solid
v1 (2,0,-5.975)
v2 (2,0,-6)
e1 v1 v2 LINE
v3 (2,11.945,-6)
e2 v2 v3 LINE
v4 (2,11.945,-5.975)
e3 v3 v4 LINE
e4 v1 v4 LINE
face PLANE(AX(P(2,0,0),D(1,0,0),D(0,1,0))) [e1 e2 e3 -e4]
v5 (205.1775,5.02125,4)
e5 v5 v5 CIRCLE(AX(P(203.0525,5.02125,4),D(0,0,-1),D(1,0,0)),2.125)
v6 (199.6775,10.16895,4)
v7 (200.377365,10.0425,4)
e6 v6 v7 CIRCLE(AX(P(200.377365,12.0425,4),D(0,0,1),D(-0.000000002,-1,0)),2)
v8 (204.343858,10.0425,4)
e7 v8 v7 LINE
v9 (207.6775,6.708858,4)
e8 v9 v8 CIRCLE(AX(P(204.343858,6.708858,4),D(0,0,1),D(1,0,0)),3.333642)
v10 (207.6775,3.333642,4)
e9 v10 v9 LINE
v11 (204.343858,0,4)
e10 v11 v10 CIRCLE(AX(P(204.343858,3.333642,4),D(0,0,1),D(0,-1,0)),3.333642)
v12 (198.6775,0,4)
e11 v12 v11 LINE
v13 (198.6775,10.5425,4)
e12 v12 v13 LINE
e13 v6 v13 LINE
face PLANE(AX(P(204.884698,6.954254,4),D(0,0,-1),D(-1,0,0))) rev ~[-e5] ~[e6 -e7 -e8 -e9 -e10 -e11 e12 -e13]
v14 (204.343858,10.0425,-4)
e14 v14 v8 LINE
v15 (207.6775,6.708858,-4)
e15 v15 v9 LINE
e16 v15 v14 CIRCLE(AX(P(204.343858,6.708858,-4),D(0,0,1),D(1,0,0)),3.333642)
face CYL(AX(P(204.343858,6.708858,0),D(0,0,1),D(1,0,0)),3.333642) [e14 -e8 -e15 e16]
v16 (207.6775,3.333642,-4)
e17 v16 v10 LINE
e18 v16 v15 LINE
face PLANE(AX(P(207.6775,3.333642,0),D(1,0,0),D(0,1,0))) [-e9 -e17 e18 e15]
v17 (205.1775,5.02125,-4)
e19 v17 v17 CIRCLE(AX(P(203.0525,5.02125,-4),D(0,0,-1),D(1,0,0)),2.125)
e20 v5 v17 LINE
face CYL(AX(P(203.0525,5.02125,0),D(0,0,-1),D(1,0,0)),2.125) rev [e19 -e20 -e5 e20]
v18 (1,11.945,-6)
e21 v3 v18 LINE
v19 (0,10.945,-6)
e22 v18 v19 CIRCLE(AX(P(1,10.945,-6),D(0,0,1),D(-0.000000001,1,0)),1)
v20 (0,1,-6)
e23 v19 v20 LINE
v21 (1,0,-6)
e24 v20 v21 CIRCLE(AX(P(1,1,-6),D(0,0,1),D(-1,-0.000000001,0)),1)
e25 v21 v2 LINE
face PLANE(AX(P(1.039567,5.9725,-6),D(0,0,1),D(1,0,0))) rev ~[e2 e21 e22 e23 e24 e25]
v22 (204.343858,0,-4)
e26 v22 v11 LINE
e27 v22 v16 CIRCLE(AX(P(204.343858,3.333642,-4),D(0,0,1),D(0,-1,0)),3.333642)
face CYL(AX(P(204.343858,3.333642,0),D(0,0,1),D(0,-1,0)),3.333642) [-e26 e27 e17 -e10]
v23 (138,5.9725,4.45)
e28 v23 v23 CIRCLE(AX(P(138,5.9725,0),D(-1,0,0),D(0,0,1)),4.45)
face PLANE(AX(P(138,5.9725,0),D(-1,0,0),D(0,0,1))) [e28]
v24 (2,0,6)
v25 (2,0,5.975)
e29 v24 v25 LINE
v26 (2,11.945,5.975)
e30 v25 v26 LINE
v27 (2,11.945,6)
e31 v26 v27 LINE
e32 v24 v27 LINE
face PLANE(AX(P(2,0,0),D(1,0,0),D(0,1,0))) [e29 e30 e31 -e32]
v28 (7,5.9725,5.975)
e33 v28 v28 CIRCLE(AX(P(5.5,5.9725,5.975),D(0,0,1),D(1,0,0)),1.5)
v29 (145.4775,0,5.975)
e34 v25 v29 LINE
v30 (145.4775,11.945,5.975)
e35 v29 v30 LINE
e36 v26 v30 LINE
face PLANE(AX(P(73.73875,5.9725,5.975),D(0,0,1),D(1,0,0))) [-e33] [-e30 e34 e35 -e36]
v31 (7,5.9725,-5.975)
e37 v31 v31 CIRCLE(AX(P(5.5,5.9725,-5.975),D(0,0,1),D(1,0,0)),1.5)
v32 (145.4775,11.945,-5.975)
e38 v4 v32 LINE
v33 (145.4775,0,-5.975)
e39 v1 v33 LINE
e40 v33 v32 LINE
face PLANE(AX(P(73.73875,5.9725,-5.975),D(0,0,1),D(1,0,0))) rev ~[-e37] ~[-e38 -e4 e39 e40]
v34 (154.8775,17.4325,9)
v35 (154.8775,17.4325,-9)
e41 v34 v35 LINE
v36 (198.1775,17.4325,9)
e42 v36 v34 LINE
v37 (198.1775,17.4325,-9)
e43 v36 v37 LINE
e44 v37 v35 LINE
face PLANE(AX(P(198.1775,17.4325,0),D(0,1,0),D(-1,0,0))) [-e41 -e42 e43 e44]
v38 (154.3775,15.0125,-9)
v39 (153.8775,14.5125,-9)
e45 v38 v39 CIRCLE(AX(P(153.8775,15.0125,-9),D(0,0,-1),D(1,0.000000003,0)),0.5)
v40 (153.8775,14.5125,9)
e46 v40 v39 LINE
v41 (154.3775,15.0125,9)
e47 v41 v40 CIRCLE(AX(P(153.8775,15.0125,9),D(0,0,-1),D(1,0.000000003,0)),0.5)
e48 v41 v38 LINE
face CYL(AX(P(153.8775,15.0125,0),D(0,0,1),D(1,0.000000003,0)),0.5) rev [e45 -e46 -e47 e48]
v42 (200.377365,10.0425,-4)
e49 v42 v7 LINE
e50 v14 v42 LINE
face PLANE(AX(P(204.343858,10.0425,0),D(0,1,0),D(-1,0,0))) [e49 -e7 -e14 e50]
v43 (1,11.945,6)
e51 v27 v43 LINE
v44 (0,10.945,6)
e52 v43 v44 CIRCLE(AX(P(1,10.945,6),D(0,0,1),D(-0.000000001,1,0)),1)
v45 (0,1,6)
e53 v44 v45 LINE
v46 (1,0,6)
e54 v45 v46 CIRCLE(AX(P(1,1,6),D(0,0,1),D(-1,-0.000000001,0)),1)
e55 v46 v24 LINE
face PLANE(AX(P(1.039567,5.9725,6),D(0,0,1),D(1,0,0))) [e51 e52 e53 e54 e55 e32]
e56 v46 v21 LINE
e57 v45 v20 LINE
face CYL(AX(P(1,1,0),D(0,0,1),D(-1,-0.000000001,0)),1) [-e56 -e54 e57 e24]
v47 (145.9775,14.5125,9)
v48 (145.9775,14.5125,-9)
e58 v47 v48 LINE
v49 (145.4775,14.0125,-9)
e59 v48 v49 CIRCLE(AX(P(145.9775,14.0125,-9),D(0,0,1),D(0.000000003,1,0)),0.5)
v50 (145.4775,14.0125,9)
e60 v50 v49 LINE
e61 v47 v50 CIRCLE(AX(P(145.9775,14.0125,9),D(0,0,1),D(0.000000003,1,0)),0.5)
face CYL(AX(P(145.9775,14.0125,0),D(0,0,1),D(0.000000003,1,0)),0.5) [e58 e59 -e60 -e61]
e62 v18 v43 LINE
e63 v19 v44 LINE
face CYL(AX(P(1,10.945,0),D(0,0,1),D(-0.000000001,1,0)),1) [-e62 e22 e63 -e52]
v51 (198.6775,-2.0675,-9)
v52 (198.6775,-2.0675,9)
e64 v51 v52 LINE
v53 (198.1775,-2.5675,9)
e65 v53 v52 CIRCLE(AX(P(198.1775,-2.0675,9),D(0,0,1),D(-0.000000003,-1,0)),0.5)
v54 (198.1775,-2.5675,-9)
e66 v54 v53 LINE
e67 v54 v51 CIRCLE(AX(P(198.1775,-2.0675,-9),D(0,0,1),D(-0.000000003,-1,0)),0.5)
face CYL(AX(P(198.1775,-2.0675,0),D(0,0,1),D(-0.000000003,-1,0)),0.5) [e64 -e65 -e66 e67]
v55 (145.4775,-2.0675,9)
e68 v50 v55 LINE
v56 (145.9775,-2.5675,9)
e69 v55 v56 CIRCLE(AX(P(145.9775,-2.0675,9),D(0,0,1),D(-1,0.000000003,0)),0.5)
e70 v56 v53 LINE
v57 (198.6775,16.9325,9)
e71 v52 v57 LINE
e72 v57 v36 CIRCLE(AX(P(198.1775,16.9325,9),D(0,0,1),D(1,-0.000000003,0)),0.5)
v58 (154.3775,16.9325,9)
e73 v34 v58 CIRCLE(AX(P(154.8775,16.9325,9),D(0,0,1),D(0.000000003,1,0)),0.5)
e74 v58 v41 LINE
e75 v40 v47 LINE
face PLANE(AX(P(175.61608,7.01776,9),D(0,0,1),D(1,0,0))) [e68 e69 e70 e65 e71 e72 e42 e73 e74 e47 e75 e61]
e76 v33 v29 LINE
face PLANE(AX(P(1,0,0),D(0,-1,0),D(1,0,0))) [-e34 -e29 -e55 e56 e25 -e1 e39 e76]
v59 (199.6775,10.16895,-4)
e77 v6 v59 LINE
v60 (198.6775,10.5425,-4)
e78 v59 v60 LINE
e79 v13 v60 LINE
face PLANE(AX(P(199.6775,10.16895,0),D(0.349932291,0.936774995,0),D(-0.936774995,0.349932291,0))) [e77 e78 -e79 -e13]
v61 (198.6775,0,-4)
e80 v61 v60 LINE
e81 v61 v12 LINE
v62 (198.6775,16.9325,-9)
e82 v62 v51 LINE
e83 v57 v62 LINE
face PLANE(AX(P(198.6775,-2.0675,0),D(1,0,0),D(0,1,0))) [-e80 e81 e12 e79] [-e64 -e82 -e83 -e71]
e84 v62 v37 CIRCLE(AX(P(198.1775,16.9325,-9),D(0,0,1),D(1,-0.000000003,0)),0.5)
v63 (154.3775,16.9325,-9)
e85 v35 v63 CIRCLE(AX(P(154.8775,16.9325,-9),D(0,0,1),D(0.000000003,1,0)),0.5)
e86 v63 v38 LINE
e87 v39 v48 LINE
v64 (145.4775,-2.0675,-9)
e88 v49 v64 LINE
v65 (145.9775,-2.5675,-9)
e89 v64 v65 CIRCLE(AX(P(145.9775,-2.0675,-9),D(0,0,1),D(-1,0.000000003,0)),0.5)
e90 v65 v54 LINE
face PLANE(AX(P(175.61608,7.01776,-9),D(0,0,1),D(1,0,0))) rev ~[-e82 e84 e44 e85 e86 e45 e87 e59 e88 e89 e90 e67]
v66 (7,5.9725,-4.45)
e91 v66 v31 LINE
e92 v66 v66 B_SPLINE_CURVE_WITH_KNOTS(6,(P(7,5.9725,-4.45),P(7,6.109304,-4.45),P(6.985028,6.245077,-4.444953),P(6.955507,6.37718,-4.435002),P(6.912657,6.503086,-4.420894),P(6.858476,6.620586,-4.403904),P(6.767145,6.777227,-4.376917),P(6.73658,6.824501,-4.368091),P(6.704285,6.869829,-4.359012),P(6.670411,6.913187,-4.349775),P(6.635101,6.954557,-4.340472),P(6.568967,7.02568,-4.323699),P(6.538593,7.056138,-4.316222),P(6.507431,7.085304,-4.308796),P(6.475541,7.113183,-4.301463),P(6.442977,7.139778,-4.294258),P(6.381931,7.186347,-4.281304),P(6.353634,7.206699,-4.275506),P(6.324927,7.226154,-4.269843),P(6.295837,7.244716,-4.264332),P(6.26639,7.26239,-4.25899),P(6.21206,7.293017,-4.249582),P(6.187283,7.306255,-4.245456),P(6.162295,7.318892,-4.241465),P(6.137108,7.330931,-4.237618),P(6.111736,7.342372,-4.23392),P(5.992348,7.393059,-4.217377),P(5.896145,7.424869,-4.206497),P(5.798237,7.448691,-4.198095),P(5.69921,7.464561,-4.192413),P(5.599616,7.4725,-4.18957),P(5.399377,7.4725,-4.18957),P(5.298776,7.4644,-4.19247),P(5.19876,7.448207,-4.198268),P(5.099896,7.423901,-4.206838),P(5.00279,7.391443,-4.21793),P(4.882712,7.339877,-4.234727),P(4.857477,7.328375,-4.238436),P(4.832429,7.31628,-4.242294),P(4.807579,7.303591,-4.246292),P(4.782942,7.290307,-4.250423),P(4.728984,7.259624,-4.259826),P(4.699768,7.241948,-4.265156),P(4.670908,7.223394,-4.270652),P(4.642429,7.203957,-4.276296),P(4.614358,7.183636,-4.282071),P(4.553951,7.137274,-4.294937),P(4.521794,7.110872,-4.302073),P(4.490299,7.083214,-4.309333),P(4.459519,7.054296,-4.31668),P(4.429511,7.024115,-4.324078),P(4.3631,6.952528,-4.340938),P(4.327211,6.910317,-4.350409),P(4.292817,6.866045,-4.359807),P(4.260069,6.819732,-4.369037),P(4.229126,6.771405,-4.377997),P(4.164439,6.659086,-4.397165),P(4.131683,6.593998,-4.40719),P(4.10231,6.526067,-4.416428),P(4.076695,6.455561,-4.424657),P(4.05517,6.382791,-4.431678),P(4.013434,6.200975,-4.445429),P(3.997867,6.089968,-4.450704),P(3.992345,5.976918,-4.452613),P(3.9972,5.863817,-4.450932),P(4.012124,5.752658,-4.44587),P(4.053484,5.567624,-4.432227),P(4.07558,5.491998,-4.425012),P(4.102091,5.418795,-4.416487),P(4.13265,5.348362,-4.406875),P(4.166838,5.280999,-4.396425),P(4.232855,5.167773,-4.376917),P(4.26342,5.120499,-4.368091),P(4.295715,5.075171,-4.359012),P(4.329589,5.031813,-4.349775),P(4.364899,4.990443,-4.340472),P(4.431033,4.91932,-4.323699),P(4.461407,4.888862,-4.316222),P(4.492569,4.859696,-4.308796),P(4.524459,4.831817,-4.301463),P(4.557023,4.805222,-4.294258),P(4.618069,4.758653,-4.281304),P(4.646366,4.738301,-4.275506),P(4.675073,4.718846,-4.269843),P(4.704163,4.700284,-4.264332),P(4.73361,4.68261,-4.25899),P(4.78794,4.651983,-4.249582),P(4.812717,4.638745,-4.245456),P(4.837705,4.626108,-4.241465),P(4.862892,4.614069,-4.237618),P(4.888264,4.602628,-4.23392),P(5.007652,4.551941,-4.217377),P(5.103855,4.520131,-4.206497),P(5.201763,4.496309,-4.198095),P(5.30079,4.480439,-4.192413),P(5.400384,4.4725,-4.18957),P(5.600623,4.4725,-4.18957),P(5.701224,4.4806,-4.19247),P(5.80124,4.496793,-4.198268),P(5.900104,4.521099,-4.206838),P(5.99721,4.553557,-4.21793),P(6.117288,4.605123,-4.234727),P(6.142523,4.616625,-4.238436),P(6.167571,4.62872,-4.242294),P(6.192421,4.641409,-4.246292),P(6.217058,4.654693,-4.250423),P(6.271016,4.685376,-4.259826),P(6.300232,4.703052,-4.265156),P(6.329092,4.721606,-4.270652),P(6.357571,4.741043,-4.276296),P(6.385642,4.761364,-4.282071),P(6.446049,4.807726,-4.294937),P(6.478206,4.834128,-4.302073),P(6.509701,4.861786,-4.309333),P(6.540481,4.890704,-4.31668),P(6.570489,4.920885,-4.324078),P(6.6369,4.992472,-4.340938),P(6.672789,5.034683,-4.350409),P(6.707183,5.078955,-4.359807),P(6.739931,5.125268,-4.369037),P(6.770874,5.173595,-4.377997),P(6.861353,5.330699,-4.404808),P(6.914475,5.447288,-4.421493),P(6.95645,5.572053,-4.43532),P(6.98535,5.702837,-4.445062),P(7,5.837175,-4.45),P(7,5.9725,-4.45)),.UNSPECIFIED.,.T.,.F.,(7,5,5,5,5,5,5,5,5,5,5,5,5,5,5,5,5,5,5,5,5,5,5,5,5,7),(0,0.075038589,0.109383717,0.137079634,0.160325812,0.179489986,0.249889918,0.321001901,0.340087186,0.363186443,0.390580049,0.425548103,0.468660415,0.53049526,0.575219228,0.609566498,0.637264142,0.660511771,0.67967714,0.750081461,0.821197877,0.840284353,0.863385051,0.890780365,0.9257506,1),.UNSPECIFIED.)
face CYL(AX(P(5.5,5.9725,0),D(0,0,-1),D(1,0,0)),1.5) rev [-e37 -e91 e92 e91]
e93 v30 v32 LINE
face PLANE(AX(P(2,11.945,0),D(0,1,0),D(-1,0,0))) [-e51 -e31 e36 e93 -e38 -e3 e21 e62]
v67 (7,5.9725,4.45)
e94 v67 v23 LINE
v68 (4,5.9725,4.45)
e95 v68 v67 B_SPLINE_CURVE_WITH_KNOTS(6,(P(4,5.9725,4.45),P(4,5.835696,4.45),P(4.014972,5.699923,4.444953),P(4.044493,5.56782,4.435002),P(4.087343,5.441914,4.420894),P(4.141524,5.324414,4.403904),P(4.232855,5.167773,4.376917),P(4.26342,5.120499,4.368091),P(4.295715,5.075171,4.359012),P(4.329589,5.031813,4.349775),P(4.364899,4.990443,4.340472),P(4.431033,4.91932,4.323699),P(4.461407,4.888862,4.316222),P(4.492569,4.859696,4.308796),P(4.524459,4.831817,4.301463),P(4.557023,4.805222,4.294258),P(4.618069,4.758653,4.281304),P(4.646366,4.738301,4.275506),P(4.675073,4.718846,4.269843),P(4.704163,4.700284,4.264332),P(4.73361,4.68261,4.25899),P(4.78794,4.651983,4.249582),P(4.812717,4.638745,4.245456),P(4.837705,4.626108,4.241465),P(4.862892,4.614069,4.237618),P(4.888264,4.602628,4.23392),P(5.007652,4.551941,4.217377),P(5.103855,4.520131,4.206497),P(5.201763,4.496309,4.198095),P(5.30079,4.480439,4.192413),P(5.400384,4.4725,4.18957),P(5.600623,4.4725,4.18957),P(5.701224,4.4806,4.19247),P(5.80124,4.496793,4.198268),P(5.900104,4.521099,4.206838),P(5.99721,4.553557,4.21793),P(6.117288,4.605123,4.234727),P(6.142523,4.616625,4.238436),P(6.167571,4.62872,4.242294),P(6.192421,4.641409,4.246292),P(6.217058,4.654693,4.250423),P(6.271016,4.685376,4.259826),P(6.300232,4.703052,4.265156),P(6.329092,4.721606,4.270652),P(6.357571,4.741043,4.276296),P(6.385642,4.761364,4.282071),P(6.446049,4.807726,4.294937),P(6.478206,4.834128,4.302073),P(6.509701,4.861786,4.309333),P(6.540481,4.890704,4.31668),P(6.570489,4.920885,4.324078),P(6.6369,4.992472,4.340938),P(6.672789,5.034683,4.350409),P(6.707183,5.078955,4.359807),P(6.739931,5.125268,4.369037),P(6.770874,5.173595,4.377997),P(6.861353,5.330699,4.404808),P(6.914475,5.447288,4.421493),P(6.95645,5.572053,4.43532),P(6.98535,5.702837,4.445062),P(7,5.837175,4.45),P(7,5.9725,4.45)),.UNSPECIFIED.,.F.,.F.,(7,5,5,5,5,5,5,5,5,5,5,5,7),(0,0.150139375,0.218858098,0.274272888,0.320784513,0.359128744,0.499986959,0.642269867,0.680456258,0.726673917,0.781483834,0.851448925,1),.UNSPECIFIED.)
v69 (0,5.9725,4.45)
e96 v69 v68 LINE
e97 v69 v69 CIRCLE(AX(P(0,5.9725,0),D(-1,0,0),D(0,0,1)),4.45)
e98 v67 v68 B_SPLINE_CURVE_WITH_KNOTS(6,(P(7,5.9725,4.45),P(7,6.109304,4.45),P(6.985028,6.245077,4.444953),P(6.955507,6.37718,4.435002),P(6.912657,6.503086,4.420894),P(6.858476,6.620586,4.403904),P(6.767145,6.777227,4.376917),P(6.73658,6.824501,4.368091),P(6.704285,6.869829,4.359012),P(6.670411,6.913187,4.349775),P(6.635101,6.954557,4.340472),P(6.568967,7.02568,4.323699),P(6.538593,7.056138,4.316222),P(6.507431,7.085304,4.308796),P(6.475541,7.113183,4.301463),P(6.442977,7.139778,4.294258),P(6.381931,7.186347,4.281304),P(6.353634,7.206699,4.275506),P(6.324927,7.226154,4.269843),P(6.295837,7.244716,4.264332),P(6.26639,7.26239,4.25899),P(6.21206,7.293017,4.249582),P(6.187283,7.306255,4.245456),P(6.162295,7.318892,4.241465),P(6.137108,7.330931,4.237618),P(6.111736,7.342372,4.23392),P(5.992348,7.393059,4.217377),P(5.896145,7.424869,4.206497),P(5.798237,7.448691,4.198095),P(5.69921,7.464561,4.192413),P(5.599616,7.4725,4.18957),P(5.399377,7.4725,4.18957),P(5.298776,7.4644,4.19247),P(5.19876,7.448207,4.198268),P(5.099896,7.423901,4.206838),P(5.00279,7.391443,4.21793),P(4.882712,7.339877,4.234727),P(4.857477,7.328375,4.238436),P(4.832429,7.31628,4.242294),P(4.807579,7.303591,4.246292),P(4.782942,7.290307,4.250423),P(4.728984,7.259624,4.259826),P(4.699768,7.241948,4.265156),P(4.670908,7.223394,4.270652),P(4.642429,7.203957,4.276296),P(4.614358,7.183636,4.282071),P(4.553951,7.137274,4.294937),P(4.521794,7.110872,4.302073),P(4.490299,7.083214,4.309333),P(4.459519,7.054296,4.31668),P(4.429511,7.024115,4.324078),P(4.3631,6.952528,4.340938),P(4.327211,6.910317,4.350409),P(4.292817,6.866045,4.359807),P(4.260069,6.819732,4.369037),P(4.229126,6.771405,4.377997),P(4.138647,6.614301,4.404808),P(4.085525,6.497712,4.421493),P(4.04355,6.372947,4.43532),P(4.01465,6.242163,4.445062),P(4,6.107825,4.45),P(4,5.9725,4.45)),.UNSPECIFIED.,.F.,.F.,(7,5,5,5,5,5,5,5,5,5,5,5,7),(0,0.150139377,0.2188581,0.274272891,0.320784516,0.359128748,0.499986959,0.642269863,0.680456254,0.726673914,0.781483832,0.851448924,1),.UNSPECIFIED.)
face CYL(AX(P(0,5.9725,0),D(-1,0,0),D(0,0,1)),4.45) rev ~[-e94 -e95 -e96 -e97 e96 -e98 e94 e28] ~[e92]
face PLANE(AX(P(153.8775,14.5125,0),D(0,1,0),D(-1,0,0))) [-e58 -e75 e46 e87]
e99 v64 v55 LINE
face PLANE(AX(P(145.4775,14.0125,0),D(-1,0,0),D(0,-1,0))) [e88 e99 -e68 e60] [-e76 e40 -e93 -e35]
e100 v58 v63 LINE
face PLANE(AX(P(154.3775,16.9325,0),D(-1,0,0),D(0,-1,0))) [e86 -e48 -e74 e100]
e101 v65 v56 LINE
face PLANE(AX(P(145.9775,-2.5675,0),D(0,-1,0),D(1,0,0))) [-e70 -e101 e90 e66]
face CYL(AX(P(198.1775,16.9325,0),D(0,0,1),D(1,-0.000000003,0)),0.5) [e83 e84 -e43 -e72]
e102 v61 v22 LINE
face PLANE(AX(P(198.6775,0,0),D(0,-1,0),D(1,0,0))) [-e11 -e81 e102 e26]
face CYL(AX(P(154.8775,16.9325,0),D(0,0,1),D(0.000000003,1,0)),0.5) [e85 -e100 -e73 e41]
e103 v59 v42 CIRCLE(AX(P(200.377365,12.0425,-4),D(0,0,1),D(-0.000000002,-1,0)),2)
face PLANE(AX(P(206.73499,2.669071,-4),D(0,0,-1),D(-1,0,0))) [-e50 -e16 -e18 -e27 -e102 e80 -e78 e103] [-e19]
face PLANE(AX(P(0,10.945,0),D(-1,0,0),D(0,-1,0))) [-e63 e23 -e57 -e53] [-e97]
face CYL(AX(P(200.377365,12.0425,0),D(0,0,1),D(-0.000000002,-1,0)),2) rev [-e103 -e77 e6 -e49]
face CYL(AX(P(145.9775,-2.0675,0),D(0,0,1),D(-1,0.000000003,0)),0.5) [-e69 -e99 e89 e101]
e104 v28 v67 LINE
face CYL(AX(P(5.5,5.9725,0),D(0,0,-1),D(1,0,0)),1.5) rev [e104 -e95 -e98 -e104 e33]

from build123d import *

# Parameters (mm, degrees)
SKETCH2_R           = 2.125
BOSS_EXTRUDE1_DEPTH = 9
SKETCH2_3_W         = 143.4775
SKETCH2_3_H         = 11.945
SKETCH2_3_R         = 1.5
BOSS_EXTRUDE2_DEPTH = 5.975
BOSS_EXTRUDE3_DEPTH = 6
SKETCH7_R           = 4.45
CUT_EXTRUDE4_DEPTH  = 138
CUT_EXTRUDE6_DEPTH  = 5
CUT_EXTRUDE7_DEPTH  = 5


with BuildPart() as part:
    # Sketch2 → Boss-Extrude1 (new, symmetric)
    with BuildSketch(Plane.XY):
        with BuildLine():
            Line((145.4775, 14.0125), (145.4775, 11.945))
            Line((145.4775, 11.945), (145.4775, 0))
            Line((145.4775, 0), (145.4775, -2.0675))
            ThreePointArc((145.4775, -2.0675), (145.623946609, -2.421053391), (145.9775, -2.5675))
            Line((145.9775, -2.5675), (198.1775, -2.5675))
            ThreePointArc((198.1775, -2.5675), (198.531053391, -2.421053391), (198.6775, -2.0675))
            Line((198.6775, -2.0675), (198.6775, 0))
            Line((198.6775, 0), (204.343857791, 0))
            ThreePointArc((204.343857791, 0), (206.701098803, 0.976401197), (207.6775, 3.333642209))
            Line((207.6775, 3.333642209), (207.6775, 6.708857791))
            ThreePointArc((207.6775, 6.708857791), (206.701098803, 9.066098803), (204.343857791, 10.0425))
            Line((204.343857791, 10.0425), (200.377364582, 10.0425))
            ThreePointArc((200.377364582, 10.0425), (200.021766481, 10.074366369), (199.6775, 10.168950009))
            Line((199.6775, 10.168950009), (198.6775, 10.5425))
            Line((198.6775, 10.5425), (198.6775, 16.9325))
            ThreePointArc((198.6775, 16.9325), (198.531053391, 17.286053391), (198.1775, 17.4325))
            Line((198.1775, 17.4325), (154.8775, 17.4325))
            ThreePointArc((154.8775, 17.4325), (154.523946609, 17.286053391), (154.3775, 16.9325))
            Line((154.3775, 16.9325), (154.3775, 15.0125))
            ThreePointArc((154.3775, 15.0125), (154.231053391, 14.658946609), (153.8775, 14.5125))
            Line((153.8775, 14.5125), (145.9775, 14.5125))
            ThreePointArc((145.9775, 14.5125), (145.623946609, 14.366053391), (145.4775, 14.0125))
        make_face()
        with Locations((203.0525, 5.02125)):
            Circle(SKETCH2_R, mode=Mode.SUBTRACT)
    extrude(amount=BOSS_EXTRUDE1_DEPTH, both=True)

    # Sketch2<3> → Boss-Extrude2 (add, symmetric)
    with BuildSketch(Plane.XY):
        with Locations((73.73875, 5.9725)):
            Rectangle(SKETCH2_3_W, SKETCH2_3_H)
        with Locations((5.5, 5.9725)):
            Circle(SKETCH2_3_R, mode=Mode.SUBTRACT)
    extrude(amount=BOSS_EXTRUDE2_DEPTH, both=True)

    # Sketch2<4> → Boss-Extrude3 (add, symmetric)
    with BuildSketch(Plane.XY):
        with BuildLine():
            Line((2, 0), (2, 11.945))
            Line((2, 11.945), (1, 11.945))
            ThreePointArc((1, 11.945), (0.292893219, 11.652106781), (0, 10.945))
            Line((0, 10.945), (0, 1))
            ThreePointArc((0, 1), (0.292893219, 0.292893219), (1, 0))
            Line((1, 0), (2, 0))
        make_face()
    extrude(amount=BOSS_EXTRUDE3_DEPTH, both=True)

    # Sketch7 → Cut-Extrude4 (cut)
    with BuildSketch(Plane.ZY):
        with Locations((0, 5.9725)):
            Circle(SKETCH7_R)
    extrude(amount=-CUT_EXTRUDE4_DEPTH, mode=Mode.SUBTRACT)

    # Sketch8 → Cut-Extrude6 (cut, symmetric)
    with BuildSketch(Plane.XY.offset(9)):
        Polygon((198.6775, 10.5425), (211.452070609, 15.905902501), (207.012502563, -2.059702975), (198.6775, 0), align=None)
    extrude(amount=CUT_EXTRUDE6_DEPTH, both=True, mode=Mode.SUBTRACT)

    # Sketch10 → Cut-Extrude7 (cut, symmetric)
    with BuildSketch(Plane(origin=(0, 0, -9), x_dir=(-1, 0, 0), z_dir=(0, 0, -1))):
        Polygon((-198.6775, 10.5425), (-218.686725566, 39.11278538), (-201.443333916, -35.592944689), (-198.6775, 0), align=None)
    extrude(amount=CUT_EXTRUDE7_DEPTH, both=True, mode=Mode.SUBTRACT)


solid = part.part
